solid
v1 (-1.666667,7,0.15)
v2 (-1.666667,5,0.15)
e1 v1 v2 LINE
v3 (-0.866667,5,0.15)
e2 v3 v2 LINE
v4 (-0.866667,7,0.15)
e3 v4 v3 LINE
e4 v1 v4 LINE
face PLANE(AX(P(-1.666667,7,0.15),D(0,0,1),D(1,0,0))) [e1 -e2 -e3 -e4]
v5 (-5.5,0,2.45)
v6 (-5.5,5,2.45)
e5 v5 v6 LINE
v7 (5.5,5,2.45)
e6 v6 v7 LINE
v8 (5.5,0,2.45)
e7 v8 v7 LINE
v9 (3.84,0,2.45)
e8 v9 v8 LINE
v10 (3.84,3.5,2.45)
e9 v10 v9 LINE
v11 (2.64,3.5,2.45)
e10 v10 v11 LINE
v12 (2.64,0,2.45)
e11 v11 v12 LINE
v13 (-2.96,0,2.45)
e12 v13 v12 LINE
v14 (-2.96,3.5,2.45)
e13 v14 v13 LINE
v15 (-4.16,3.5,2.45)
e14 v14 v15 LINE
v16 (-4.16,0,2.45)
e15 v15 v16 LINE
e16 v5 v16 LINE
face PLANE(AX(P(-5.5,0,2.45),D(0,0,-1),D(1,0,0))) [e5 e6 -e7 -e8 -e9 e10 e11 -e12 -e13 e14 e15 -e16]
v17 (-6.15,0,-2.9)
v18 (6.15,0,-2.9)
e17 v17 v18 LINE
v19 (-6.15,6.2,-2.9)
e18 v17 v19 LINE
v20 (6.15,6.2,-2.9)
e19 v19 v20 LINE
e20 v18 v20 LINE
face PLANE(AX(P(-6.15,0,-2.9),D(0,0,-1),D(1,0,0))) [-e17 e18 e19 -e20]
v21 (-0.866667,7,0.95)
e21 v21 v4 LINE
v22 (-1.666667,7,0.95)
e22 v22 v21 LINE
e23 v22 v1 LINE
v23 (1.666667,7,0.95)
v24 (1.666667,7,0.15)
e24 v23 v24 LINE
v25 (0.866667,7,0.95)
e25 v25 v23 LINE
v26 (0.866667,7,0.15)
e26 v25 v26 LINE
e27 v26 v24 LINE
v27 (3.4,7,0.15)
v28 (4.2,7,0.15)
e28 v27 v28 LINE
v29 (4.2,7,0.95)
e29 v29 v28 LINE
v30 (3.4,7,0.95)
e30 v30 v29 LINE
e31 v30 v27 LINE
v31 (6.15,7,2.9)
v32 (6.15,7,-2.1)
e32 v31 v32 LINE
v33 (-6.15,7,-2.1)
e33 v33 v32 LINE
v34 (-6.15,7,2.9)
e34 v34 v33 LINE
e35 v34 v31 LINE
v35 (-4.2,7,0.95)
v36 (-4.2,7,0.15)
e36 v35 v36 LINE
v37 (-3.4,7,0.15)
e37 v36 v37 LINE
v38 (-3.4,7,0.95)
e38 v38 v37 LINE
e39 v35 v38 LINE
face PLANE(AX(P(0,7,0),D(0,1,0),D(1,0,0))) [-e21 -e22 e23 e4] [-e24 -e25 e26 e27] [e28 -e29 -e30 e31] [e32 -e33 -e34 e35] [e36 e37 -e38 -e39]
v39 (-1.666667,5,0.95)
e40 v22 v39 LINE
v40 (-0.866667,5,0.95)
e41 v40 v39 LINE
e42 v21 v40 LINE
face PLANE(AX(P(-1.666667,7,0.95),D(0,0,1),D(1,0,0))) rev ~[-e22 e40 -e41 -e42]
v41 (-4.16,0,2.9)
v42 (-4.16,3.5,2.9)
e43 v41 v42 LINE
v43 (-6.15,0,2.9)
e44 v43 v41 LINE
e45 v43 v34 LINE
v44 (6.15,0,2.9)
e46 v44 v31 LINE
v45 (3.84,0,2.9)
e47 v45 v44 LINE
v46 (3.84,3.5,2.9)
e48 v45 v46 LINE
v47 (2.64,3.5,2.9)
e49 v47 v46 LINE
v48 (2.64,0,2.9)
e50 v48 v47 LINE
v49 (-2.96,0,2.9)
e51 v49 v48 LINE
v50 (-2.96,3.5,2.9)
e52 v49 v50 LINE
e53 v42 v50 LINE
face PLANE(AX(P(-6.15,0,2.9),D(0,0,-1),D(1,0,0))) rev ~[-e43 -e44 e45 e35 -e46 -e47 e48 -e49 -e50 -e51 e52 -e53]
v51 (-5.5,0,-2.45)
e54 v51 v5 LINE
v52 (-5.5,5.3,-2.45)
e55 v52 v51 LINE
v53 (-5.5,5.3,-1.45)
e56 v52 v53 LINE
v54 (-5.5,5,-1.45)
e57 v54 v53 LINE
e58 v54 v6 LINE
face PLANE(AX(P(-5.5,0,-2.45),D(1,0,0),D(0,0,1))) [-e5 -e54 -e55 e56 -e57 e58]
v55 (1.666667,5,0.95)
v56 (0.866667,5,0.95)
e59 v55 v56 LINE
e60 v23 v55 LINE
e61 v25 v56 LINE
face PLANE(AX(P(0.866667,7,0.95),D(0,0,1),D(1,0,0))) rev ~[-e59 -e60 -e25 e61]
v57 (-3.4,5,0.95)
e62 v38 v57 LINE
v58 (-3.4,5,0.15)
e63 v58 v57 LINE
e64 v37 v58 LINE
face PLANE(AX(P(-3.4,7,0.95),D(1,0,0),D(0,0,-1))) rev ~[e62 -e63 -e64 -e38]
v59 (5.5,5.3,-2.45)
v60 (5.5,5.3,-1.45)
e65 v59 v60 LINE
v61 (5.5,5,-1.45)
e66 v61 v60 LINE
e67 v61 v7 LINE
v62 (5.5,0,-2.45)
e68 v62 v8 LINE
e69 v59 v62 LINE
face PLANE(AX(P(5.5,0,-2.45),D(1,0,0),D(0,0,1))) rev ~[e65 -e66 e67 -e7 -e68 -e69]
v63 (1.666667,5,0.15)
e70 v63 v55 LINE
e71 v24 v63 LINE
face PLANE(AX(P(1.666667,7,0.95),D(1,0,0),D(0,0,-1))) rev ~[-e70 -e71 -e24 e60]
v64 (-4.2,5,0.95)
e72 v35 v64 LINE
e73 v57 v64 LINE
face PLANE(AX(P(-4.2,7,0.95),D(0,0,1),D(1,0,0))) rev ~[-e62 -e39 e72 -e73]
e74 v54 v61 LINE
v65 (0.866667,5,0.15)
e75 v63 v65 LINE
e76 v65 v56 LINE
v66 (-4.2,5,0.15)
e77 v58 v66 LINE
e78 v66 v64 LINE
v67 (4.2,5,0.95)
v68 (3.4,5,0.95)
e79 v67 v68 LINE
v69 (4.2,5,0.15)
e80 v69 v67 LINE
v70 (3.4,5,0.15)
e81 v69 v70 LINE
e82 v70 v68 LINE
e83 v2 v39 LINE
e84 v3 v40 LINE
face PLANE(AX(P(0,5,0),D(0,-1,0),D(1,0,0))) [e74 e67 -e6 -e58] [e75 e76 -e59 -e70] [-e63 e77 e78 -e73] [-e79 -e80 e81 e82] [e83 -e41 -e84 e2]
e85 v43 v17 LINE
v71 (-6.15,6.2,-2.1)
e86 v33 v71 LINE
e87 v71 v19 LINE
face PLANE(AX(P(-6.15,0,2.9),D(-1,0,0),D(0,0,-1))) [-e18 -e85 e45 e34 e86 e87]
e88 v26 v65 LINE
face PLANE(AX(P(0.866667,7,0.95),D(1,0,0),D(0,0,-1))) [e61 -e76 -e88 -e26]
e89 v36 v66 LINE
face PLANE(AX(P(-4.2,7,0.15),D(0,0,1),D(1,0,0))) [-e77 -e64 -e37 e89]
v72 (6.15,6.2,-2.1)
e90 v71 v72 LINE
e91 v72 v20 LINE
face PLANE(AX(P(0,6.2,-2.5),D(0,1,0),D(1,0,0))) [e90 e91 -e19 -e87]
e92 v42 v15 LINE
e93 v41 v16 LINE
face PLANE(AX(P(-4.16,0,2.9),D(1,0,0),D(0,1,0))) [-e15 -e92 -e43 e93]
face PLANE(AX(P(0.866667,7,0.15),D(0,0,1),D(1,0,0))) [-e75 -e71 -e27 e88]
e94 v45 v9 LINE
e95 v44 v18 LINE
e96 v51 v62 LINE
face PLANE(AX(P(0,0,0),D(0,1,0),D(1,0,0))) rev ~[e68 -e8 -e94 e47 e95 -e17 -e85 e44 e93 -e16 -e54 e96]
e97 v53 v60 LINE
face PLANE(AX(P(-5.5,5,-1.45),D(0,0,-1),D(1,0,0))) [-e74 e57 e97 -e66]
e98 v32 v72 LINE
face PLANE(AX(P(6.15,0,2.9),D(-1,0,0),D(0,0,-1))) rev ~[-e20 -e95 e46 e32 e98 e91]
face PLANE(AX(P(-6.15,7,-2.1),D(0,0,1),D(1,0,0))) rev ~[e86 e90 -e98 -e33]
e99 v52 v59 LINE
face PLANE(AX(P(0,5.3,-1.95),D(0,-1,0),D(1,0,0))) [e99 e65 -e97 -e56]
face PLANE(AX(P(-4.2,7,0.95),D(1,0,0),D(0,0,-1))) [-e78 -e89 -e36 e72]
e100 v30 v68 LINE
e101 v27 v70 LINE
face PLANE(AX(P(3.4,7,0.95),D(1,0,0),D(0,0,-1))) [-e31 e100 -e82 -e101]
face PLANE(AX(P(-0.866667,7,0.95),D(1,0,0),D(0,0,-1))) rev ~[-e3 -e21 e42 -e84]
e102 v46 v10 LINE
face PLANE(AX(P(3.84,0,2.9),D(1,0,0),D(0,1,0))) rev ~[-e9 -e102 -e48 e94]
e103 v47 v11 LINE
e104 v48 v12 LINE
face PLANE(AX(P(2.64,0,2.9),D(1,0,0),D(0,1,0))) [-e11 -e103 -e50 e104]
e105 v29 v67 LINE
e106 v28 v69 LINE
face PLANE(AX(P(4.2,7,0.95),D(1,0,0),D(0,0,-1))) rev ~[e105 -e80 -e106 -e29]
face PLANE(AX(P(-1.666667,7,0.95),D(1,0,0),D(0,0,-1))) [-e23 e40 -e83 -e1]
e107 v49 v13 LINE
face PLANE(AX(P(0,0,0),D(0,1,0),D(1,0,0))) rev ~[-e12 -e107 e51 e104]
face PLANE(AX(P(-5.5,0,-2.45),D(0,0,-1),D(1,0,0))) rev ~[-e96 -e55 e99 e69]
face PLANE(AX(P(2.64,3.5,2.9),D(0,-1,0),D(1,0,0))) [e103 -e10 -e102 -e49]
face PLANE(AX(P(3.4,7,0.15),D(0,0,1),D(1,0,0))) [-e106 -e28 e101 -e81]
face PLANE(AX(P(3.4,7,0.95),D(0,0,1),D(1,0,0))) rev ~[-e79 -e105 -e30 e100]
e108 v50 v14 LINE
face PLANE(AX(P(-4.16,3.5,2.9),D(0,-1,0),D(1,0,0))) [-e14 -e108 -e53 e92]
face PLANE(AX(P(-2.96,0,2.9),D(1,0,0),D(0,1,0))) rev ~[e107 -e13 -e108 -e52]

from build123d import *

# Parameters (mm, degrees)
SKETCH1_W           = 12.3
SKETCH1_H           = 5.8
BOSS_EXTRUDE1_DEPTH = 7
SKETCH3_W           = 11
SKETCH3_H           = 4.9
CUT_EXTRUDE1_DEPTH  = 5
SKETCH4_W           = 1.2
SKETCH4_H           = 3.5
CUT_EXTRUDE2_DEPTH  = 4
SKETCH5_W           = 12.3
SKETCH5_H           = 0.8
CUT_EXTRUDE3_DEPTH  = 0.8
SKETCH6_W           = 0.8
SKETCH6_H           = 0.8
CUT_EXTRUDE4_DEPTH  = 10
SKETCH7_W           = 11
SKETCH7_H           = 1
CUT_EXTRUDE5_DEPTH  = 0.3


with BuildPart() as part:
    # Sketch1 → Boss-Extrude1 (new body)
    with BuildSketch(Plane(origin=(0, 0, 0), x_dir=(1, 0, 0), z_dir=(0, 1, 0))):
        Rectangle(SKETCH1_W, SKETCH1_H)
    extrude(amount=BOSS_EXTRUDE1_DEPTH)

    # Sketch3 → Cut-Extrude1 (cut)
    with BuildSketch(Plane.XZ):
        Rectangle(SKETCH3_W, SKETCH3_H)
    extrude(amount=-CUT_EXTRUDE1_DEPTH, mode=Mode.SUBTRACT)

    # Sketch4 → Cut-Extrude2 (cut)
    with BuildSketch(Plane.XY.offset(2.9)):
        with Locations((-3.56, 1.75)):
            Rectangle(SKETCH4_W, SKETCH4_H)
        with Locations((3.24, 1.75)):
            Rectangle(SKETCH4_W, SKETCH4_H)
    extrude(amount=-CUT_EXTRUDE2_DEPTH, mode=Mode.SUBTRACT)

    # Sketch5 → Cut-Extrude3 (cut)
    with BuildSketch(Plane(origin=(0, 7, 0), x_dir=(1, 0, 0), z_dir=(0, 1, 0))):
        with Locations((0, 2.5)):
            Rectangle(SKETCH5_W, SKETCH5_H)
    extrude(amount=-CUT_EXTRUDE3_DEPTH, mode=Mode.SUBTRACT)

    # Sketch6 → Cut-Extrude4 (cut)
    with BuildSketch(Plane(origin=(0, 7, 0), x_dir=(1, 0, 0), z_dir=(0, 1, 0))):
        with Locations((3.8, -0.55)):
            Rectangle(SKETCH6_W, SKETCH6_H)
        with Locations((-1.266666667, -0.55)):
            Rectangle(SKETCH6_W, SKETCH6_H)
        with Locations((1.266666667, -0.55)):
            Rectangle(SKETCH6_W, SKETCH6_H)
        with Locations((-3.8, -0.55)):
            Rectangle(SKETCH6_W, SKETCH6_H)
    extrude(amount=-CUT_EXTRUDE4_DEPTH, mode=Mode.SUBTRACT)

    # Sketch7 → Cut-Extrude5 (cut)
    with BuildSketch(Plane.XZ.offset(-5)):
        with Locations((0, -1.95)):
            Rectangle(SKETCH7_W, SKETCH7_H)
    extrude(amount=-CUT_EXTRUDE5_DEPTH, mode=Mode.SUBTRACT)


solid = part.part
